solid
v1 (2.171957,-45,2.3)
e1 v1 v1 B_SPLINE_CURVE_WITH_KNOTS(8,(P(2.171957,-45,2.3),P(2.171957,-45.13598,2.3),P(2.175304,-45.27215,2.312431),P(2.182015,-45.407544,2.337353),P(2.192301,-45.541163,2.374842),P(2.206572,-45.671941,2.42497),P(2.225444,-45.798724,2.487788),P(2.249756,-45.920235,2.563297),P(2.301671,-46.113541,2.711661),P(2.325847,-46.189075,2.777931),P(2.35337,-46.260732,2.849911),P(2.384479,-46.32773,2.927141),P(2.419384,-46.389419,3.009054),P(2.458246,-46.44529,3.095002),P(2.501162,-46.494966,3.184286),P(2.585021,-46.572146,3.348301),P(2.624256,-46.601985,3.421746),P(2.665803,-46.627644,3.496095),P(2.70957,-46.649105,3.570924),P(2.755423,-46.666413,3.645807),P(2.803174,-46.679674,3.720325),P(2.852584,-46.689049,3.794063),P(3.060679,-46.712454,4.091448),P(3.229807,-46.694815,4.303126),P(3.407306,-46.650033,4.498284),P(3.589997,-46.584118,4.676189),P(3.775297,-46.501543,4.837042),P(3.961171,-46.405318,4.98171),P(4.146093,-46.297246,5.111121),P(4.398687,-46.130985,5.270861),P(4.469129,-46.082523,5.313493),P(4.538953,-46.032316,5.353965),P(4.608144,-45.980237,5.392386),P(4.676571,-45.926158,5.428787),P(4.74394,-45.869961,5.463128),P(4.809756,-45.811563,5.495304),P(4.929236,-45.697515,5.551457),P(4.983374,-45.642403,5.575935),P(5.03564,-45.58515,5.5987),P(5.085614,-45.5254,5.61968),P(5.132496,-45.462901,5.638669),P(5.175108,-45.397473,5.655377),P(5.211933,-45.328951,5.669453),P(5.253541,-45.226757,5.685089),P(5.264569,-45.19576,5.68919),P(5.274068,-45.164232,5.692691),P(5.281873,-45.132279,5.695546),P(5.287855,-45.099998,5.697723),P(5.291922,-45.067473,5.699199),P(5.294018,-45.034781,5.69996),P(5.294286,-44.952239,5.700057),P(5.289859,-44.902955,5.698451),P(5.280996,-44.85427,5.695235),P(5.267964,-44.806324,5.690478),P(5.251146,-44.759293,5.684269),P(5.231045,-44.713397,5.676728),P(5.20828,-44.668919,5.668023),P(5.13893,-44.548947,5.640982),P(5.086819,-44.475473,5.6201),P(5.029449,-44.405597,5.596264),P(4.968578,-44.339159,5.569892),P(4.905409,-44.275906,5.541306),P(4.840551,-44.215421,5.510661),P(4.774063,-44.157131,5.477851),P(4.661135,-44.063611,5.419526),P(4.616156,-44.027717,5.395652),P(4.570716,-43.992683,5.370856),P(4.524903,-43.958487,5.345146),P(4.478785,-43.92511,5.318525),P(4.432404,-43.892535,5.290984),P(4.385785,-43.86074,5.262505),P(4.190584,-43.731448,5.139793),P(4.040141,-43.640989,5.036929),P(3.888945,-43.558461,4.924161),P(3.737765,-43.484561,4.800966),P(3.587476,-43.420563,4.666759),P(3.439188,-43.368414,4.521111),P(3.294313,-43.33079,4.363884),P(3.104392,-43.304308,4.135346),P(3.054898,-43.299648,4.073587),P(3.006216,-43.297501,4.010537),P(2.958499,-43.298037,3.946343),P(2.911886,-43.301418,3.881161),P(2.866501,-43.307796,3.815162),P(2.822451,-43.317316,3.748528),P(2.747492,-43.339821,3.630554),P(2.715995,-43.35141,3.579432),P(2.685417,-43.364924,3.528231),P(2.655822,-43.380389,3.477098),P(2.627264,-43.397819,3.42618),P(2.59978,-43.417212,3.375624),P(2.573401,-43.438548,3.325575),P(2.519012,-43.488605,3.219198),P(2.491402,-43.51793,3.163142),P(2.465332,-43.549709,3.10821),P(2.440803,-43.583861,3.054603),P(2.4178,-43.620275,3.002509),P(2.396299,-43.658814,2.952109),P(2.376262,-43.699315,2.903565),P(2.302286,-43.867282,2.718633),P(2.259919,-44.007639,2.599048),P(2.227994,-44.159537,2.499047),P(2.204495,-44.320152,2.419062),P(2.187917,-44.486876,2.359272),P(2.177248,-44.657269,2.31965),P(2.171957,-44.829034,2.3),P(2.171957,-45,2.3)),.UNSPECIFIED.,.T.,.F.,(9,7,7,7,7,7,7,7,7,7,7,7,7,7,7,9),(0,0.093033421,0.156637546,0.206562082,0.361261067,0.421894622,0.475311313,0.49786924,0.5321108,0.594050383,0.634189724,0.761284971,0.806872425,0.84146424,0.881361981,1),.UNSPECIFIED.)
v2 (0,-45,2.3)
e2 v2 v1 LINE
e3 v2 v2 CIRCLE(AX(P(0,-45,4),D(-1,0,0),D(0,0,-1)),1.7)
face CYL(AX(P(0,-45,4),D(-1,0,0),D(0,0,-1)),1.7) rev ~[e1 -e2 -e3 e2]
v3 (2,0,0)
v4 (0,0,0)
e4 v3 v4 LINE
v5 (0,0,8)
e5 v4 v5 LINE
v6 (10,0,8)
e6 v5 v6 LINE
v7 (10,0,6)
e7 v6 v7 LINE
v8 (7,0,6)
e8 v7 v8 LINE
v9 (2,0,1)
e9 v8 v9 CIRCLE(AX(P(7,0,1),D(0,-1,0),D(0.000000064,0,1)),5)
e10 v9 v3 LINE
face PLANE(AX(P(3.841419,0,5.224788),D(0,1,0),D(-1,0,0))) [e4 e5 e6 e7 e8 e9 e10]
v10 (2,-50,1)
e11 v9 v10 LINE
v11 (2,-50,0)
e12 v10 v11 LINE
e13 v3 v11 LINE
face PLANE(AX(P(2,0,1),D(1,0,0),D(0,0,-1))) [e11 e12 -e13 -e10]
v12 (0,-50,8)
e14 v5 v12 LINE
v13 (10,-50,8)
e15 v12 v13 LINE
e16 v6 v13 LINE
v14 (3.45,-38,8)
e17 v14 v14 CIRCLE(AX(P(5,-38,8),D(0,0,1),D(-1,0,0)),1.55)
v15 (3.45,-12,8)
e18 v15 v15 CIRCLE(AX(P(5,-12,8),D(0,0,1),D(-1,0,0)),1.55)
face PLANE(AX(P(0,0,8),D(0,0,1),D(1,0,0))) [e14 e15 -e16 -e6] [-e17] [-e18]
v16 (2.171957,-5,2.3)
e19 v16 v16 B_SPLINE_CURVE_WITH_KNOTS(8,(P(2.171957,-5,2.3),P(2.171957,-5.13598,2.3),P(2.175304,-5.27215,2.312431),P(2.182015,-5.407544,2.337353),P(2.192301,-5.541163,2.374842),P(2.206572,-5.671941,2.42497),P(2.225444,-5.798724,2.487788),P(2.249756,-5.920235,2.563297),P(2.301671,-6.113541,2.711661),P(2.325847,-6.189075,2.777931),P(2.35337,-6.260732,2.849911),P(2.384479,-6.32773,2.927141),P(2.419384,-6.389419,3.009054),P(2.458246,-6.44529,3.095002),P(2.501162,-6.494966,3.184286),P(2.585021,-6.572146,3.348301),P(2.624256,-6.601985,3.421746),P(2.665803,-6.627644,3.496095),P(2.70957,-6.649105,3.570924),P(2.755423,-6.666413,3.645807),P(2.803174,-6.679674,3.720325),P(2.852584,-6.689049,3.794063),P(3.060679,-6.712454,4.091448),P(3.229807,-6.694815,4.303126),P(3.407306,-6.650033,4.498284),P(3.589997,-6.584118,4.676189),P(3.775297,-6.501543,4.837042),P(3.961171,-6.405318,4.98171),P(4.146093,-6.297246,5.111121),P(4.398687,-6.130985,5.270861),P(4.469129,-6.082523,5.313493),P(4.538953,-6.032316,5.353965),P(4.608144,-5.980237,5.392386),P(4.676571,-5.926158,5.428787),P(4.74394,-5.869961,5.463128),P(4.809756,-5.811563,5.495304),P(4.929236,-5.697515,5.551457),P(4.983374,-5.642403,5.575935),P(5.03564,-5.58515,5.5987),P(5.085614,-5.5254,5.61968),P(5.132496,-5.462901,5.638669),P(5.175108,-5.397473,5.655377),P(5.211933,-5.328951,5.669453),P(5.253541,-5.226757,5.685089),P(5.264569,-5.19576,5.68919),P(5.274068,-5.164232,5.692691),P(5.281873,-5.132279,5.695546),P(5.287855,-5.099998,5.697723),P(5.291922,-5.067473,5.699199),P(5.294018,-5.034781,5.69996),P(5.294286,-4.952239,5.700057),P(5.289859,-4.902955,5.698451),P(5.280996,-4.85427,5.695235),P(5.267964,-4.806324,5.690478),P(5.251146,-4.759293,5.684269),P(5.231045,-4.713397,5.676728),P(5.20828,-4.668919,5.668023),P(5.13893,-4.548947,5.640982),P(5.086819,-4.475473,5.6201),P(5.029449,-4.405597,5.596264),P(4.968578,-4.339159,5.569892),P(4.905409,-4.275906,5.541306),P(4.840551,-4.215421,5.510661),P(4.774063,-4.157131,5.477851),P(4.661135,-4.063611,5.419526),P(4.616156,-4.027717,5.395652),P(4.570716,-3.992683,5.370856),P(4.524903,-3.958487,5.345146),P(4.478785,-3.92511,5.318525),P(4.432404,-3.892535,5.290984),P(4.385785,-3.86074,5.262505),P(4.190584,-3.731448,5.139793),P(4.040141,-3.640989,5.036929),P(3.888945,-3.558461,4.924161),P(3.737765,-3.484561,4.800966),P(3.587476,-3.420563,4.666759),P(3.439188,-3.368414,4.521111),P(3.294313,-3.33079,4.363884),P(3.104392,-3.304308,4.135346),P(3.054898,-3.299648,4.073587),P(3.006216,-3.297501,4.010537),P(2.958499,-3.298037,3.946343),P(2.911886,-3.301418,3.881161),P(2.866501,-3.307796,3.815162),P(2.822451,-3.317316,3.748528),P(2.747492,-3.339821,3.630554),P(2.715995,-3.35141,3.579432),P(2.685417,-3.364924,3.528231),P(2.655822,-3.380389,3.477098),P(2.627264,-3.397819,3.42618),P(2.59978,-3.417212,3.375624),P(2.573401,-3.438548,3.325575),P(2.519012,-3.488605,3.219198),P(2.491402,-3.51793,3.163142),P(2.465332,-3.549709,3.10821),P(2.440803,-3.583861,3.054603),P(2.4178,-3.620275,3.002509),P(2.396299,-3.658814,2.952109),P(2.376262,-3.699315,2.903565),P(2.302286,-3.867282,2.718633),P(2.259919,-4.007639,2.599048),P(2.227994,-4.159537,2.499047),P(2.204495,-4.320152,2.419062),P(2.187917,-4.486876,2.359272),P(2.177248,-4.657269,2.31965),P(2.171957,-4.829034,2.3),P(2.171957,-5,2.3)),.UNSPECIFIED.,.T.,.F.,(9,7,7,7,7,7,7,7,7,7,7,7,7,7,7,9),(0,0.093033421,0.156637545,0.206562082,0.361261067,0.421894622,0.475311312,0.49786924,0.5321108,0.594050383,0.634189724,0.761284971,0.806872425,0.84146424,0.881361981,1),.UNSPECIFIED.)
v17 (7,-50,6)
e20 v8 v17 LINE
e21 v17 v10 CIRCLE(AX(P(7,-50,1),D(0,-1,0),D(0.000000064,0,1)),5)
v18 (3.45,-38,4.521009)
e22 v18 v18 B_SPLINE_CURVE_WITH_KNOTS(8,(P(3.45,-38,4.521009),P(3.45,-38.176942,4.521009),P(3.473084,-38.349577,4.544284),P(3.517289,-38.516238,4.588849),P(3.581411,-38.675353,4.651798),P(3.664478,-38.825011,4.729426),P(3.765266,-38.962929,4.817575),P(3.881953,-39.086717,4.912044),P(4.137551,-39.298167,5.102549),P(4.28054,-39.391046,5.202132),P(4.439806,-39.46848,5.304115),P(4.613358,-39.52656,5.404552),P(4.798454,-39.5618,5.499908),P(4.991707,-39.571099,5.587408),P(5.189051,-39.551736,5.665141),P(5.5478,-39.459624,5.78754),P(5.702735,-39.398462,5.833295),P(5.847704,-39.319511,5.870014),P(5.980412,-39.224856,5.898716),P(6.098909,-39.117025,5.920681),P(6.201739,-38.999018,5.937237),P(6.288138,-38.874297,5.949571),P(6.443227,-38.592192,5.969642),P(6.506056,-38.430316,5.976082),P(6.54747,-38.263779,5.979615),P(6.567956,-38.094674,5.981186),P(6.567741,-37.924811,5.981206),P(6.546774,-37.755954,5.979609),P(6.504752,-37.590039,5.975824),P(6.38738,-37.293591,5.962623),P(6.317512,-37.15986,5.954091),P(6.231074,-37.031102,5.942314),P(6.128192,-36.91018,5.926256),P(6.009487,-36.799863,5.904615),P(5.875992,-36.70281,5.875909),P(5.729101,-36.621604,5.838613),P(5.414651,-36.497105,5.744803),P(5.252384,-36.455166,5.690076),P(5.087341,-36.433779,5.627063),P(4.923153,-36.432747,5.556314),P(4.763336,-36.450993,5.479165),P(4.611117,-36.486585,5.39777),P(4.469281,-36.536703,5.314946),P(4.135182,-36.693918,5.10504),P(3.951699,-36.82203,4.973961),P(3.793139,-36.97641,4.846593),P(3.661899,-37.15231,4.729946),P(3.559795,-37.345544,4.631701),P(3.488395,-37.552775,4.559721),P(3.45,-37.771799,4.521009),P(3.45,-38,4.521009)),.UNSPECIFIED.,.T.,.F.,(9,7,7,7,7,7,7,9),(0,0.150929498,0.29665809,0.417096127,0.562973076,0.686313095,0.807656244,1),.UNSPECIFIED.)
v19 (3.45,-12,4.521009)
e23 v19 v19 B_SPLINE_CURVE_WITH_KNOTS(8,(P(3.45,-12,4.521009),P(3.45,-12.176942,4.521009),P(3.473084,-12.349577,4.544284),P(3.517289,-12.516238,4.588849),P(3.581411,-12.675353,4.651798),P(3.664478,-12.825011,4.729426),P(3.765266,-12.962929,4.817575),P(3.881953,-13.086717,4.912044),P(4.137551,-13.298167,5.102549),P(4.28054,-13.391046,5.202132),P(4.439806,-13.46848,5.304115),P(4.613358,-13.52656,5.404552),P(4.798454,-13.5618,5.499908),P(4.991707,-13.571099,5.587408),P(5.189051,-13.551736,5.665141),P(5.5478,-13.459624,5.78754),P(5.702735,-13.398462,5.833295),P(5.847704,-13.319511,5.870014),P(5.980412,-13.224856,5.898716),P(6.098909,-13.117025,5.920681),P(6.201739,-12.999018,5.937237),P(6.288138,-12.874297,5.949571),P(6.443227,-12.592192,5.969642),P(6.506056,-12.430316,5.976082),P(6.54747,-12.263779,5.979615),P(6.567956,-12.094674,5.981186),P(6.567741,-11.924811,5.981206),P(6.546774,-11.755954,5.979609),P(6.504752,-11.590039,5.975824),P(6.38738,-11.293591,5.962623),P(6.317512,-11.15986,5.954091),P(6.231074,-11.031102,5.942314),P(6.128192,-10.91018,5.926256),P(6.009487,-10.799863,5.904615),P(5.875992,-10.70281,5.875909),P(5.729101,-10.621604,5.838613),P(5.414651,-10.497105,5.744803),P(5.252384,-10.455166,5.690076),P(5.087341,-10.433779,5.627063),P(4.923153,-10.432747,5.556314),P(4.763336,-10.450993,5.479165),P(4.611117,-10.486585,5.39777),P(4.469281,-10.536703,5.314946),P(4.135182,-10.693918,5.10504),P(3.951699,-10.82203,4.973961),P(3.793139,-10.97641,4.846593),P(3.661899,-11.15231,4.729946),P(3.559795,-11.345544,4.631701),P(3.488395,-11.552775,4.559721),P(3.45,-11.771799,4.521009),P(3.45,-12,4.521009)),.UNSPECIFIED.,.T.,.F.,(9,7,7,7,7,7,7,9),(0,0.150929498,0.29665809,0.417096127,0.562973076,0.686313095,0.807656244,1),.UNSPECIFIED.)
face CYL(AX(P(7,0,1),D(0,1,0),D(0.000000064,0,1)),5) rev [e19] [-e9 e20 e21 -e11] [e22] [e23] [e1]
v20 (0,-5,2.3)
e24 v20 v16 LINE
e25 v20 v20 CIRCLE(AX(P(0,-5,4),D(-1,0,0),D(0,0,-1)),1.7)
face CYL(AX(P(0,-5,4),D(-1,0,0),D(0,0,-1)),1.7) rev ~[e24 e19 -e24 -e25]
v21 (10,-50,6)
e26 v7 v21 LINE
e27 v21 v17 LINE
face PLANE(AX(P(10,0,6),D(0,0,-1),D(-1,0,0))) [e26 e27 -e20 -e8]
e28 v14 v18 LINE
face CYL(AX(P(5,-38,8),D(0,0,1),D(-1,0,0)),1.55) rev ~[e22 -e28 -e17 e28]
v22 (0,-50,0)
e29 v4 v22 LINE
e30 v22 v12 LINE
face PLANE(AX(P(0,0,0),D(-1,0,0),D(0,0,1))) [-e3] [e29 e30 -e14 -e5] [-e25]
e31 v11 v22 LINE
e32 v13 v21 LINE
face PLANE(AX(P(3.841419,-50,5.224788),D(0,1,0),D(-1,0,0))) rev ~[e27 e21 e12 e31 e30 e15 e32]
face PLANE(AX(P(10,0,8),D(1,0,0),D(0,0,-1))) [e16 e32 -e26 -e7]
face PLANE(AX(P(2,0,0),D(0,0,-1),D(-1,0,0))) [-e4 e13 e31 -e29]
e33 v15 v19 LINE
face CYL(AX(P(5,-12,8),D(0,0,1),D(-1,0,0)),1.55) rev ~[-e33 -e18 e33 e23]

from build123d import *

# Parameters (mm, degrees)
PAD_DEPTH       = 50
SKETCH001_R     = 1.7
POCKET_DEPTH    = 10.001
SKETCH003_R     = 1.55
POCKET001_DEPTH = 8.001


with BuildPart() as part:
    # Sketch → Pad (new body)
    with BuildSketch(Plane.XZ):
        with BuildLine():
            Line((0, 0), (0, 8))
            Line((0, 8), (10, 8))
            Line((10, 8), (10, 6))
            Line((10, 6), (7, 6))
            ThreePointArc((7, 6), (3.464466, 4.535534), (2, 1))
            Line((2, 1), (2, 0))
            Line((2, 0), (0, 0))
        make_face()
    extrude(amount=PAD_DEPTH)

    # Sketch001 (on Face1 of Pad) → Pocket (cut, through all)
    with BuildSketch(Plane(origin=(0, 0, 0), x_dir=(0, 0, -1), z_dir=(-1, 0, 0))):
        with Locations((-4, 5)):
            Circle(SKETCH001_R)
        with Locations((-4, 45)):
            Circle(SKETCH001_R)
    extrude(amount=-POCKET_DEPTH, mode=Mode.SUBTRACT)

    # Sketch003 (on Face5 of Pocket) → Pocket001 (cut, through all)
    with BuildSketch(Plane(origin=(0, 0, 8), x_dir=(-1, 0, 0), z_dir=(0, 0, 1))):
        with Locations((-5, 38)):
            Circle(SKETCH003_R)
        with Locations((-5, 12)):
            Circle(SKETCH003_R)
    extrude(amount=-POCKET001_DEPTH, mode=Mode.SUBTRACT)


solid = part.part
